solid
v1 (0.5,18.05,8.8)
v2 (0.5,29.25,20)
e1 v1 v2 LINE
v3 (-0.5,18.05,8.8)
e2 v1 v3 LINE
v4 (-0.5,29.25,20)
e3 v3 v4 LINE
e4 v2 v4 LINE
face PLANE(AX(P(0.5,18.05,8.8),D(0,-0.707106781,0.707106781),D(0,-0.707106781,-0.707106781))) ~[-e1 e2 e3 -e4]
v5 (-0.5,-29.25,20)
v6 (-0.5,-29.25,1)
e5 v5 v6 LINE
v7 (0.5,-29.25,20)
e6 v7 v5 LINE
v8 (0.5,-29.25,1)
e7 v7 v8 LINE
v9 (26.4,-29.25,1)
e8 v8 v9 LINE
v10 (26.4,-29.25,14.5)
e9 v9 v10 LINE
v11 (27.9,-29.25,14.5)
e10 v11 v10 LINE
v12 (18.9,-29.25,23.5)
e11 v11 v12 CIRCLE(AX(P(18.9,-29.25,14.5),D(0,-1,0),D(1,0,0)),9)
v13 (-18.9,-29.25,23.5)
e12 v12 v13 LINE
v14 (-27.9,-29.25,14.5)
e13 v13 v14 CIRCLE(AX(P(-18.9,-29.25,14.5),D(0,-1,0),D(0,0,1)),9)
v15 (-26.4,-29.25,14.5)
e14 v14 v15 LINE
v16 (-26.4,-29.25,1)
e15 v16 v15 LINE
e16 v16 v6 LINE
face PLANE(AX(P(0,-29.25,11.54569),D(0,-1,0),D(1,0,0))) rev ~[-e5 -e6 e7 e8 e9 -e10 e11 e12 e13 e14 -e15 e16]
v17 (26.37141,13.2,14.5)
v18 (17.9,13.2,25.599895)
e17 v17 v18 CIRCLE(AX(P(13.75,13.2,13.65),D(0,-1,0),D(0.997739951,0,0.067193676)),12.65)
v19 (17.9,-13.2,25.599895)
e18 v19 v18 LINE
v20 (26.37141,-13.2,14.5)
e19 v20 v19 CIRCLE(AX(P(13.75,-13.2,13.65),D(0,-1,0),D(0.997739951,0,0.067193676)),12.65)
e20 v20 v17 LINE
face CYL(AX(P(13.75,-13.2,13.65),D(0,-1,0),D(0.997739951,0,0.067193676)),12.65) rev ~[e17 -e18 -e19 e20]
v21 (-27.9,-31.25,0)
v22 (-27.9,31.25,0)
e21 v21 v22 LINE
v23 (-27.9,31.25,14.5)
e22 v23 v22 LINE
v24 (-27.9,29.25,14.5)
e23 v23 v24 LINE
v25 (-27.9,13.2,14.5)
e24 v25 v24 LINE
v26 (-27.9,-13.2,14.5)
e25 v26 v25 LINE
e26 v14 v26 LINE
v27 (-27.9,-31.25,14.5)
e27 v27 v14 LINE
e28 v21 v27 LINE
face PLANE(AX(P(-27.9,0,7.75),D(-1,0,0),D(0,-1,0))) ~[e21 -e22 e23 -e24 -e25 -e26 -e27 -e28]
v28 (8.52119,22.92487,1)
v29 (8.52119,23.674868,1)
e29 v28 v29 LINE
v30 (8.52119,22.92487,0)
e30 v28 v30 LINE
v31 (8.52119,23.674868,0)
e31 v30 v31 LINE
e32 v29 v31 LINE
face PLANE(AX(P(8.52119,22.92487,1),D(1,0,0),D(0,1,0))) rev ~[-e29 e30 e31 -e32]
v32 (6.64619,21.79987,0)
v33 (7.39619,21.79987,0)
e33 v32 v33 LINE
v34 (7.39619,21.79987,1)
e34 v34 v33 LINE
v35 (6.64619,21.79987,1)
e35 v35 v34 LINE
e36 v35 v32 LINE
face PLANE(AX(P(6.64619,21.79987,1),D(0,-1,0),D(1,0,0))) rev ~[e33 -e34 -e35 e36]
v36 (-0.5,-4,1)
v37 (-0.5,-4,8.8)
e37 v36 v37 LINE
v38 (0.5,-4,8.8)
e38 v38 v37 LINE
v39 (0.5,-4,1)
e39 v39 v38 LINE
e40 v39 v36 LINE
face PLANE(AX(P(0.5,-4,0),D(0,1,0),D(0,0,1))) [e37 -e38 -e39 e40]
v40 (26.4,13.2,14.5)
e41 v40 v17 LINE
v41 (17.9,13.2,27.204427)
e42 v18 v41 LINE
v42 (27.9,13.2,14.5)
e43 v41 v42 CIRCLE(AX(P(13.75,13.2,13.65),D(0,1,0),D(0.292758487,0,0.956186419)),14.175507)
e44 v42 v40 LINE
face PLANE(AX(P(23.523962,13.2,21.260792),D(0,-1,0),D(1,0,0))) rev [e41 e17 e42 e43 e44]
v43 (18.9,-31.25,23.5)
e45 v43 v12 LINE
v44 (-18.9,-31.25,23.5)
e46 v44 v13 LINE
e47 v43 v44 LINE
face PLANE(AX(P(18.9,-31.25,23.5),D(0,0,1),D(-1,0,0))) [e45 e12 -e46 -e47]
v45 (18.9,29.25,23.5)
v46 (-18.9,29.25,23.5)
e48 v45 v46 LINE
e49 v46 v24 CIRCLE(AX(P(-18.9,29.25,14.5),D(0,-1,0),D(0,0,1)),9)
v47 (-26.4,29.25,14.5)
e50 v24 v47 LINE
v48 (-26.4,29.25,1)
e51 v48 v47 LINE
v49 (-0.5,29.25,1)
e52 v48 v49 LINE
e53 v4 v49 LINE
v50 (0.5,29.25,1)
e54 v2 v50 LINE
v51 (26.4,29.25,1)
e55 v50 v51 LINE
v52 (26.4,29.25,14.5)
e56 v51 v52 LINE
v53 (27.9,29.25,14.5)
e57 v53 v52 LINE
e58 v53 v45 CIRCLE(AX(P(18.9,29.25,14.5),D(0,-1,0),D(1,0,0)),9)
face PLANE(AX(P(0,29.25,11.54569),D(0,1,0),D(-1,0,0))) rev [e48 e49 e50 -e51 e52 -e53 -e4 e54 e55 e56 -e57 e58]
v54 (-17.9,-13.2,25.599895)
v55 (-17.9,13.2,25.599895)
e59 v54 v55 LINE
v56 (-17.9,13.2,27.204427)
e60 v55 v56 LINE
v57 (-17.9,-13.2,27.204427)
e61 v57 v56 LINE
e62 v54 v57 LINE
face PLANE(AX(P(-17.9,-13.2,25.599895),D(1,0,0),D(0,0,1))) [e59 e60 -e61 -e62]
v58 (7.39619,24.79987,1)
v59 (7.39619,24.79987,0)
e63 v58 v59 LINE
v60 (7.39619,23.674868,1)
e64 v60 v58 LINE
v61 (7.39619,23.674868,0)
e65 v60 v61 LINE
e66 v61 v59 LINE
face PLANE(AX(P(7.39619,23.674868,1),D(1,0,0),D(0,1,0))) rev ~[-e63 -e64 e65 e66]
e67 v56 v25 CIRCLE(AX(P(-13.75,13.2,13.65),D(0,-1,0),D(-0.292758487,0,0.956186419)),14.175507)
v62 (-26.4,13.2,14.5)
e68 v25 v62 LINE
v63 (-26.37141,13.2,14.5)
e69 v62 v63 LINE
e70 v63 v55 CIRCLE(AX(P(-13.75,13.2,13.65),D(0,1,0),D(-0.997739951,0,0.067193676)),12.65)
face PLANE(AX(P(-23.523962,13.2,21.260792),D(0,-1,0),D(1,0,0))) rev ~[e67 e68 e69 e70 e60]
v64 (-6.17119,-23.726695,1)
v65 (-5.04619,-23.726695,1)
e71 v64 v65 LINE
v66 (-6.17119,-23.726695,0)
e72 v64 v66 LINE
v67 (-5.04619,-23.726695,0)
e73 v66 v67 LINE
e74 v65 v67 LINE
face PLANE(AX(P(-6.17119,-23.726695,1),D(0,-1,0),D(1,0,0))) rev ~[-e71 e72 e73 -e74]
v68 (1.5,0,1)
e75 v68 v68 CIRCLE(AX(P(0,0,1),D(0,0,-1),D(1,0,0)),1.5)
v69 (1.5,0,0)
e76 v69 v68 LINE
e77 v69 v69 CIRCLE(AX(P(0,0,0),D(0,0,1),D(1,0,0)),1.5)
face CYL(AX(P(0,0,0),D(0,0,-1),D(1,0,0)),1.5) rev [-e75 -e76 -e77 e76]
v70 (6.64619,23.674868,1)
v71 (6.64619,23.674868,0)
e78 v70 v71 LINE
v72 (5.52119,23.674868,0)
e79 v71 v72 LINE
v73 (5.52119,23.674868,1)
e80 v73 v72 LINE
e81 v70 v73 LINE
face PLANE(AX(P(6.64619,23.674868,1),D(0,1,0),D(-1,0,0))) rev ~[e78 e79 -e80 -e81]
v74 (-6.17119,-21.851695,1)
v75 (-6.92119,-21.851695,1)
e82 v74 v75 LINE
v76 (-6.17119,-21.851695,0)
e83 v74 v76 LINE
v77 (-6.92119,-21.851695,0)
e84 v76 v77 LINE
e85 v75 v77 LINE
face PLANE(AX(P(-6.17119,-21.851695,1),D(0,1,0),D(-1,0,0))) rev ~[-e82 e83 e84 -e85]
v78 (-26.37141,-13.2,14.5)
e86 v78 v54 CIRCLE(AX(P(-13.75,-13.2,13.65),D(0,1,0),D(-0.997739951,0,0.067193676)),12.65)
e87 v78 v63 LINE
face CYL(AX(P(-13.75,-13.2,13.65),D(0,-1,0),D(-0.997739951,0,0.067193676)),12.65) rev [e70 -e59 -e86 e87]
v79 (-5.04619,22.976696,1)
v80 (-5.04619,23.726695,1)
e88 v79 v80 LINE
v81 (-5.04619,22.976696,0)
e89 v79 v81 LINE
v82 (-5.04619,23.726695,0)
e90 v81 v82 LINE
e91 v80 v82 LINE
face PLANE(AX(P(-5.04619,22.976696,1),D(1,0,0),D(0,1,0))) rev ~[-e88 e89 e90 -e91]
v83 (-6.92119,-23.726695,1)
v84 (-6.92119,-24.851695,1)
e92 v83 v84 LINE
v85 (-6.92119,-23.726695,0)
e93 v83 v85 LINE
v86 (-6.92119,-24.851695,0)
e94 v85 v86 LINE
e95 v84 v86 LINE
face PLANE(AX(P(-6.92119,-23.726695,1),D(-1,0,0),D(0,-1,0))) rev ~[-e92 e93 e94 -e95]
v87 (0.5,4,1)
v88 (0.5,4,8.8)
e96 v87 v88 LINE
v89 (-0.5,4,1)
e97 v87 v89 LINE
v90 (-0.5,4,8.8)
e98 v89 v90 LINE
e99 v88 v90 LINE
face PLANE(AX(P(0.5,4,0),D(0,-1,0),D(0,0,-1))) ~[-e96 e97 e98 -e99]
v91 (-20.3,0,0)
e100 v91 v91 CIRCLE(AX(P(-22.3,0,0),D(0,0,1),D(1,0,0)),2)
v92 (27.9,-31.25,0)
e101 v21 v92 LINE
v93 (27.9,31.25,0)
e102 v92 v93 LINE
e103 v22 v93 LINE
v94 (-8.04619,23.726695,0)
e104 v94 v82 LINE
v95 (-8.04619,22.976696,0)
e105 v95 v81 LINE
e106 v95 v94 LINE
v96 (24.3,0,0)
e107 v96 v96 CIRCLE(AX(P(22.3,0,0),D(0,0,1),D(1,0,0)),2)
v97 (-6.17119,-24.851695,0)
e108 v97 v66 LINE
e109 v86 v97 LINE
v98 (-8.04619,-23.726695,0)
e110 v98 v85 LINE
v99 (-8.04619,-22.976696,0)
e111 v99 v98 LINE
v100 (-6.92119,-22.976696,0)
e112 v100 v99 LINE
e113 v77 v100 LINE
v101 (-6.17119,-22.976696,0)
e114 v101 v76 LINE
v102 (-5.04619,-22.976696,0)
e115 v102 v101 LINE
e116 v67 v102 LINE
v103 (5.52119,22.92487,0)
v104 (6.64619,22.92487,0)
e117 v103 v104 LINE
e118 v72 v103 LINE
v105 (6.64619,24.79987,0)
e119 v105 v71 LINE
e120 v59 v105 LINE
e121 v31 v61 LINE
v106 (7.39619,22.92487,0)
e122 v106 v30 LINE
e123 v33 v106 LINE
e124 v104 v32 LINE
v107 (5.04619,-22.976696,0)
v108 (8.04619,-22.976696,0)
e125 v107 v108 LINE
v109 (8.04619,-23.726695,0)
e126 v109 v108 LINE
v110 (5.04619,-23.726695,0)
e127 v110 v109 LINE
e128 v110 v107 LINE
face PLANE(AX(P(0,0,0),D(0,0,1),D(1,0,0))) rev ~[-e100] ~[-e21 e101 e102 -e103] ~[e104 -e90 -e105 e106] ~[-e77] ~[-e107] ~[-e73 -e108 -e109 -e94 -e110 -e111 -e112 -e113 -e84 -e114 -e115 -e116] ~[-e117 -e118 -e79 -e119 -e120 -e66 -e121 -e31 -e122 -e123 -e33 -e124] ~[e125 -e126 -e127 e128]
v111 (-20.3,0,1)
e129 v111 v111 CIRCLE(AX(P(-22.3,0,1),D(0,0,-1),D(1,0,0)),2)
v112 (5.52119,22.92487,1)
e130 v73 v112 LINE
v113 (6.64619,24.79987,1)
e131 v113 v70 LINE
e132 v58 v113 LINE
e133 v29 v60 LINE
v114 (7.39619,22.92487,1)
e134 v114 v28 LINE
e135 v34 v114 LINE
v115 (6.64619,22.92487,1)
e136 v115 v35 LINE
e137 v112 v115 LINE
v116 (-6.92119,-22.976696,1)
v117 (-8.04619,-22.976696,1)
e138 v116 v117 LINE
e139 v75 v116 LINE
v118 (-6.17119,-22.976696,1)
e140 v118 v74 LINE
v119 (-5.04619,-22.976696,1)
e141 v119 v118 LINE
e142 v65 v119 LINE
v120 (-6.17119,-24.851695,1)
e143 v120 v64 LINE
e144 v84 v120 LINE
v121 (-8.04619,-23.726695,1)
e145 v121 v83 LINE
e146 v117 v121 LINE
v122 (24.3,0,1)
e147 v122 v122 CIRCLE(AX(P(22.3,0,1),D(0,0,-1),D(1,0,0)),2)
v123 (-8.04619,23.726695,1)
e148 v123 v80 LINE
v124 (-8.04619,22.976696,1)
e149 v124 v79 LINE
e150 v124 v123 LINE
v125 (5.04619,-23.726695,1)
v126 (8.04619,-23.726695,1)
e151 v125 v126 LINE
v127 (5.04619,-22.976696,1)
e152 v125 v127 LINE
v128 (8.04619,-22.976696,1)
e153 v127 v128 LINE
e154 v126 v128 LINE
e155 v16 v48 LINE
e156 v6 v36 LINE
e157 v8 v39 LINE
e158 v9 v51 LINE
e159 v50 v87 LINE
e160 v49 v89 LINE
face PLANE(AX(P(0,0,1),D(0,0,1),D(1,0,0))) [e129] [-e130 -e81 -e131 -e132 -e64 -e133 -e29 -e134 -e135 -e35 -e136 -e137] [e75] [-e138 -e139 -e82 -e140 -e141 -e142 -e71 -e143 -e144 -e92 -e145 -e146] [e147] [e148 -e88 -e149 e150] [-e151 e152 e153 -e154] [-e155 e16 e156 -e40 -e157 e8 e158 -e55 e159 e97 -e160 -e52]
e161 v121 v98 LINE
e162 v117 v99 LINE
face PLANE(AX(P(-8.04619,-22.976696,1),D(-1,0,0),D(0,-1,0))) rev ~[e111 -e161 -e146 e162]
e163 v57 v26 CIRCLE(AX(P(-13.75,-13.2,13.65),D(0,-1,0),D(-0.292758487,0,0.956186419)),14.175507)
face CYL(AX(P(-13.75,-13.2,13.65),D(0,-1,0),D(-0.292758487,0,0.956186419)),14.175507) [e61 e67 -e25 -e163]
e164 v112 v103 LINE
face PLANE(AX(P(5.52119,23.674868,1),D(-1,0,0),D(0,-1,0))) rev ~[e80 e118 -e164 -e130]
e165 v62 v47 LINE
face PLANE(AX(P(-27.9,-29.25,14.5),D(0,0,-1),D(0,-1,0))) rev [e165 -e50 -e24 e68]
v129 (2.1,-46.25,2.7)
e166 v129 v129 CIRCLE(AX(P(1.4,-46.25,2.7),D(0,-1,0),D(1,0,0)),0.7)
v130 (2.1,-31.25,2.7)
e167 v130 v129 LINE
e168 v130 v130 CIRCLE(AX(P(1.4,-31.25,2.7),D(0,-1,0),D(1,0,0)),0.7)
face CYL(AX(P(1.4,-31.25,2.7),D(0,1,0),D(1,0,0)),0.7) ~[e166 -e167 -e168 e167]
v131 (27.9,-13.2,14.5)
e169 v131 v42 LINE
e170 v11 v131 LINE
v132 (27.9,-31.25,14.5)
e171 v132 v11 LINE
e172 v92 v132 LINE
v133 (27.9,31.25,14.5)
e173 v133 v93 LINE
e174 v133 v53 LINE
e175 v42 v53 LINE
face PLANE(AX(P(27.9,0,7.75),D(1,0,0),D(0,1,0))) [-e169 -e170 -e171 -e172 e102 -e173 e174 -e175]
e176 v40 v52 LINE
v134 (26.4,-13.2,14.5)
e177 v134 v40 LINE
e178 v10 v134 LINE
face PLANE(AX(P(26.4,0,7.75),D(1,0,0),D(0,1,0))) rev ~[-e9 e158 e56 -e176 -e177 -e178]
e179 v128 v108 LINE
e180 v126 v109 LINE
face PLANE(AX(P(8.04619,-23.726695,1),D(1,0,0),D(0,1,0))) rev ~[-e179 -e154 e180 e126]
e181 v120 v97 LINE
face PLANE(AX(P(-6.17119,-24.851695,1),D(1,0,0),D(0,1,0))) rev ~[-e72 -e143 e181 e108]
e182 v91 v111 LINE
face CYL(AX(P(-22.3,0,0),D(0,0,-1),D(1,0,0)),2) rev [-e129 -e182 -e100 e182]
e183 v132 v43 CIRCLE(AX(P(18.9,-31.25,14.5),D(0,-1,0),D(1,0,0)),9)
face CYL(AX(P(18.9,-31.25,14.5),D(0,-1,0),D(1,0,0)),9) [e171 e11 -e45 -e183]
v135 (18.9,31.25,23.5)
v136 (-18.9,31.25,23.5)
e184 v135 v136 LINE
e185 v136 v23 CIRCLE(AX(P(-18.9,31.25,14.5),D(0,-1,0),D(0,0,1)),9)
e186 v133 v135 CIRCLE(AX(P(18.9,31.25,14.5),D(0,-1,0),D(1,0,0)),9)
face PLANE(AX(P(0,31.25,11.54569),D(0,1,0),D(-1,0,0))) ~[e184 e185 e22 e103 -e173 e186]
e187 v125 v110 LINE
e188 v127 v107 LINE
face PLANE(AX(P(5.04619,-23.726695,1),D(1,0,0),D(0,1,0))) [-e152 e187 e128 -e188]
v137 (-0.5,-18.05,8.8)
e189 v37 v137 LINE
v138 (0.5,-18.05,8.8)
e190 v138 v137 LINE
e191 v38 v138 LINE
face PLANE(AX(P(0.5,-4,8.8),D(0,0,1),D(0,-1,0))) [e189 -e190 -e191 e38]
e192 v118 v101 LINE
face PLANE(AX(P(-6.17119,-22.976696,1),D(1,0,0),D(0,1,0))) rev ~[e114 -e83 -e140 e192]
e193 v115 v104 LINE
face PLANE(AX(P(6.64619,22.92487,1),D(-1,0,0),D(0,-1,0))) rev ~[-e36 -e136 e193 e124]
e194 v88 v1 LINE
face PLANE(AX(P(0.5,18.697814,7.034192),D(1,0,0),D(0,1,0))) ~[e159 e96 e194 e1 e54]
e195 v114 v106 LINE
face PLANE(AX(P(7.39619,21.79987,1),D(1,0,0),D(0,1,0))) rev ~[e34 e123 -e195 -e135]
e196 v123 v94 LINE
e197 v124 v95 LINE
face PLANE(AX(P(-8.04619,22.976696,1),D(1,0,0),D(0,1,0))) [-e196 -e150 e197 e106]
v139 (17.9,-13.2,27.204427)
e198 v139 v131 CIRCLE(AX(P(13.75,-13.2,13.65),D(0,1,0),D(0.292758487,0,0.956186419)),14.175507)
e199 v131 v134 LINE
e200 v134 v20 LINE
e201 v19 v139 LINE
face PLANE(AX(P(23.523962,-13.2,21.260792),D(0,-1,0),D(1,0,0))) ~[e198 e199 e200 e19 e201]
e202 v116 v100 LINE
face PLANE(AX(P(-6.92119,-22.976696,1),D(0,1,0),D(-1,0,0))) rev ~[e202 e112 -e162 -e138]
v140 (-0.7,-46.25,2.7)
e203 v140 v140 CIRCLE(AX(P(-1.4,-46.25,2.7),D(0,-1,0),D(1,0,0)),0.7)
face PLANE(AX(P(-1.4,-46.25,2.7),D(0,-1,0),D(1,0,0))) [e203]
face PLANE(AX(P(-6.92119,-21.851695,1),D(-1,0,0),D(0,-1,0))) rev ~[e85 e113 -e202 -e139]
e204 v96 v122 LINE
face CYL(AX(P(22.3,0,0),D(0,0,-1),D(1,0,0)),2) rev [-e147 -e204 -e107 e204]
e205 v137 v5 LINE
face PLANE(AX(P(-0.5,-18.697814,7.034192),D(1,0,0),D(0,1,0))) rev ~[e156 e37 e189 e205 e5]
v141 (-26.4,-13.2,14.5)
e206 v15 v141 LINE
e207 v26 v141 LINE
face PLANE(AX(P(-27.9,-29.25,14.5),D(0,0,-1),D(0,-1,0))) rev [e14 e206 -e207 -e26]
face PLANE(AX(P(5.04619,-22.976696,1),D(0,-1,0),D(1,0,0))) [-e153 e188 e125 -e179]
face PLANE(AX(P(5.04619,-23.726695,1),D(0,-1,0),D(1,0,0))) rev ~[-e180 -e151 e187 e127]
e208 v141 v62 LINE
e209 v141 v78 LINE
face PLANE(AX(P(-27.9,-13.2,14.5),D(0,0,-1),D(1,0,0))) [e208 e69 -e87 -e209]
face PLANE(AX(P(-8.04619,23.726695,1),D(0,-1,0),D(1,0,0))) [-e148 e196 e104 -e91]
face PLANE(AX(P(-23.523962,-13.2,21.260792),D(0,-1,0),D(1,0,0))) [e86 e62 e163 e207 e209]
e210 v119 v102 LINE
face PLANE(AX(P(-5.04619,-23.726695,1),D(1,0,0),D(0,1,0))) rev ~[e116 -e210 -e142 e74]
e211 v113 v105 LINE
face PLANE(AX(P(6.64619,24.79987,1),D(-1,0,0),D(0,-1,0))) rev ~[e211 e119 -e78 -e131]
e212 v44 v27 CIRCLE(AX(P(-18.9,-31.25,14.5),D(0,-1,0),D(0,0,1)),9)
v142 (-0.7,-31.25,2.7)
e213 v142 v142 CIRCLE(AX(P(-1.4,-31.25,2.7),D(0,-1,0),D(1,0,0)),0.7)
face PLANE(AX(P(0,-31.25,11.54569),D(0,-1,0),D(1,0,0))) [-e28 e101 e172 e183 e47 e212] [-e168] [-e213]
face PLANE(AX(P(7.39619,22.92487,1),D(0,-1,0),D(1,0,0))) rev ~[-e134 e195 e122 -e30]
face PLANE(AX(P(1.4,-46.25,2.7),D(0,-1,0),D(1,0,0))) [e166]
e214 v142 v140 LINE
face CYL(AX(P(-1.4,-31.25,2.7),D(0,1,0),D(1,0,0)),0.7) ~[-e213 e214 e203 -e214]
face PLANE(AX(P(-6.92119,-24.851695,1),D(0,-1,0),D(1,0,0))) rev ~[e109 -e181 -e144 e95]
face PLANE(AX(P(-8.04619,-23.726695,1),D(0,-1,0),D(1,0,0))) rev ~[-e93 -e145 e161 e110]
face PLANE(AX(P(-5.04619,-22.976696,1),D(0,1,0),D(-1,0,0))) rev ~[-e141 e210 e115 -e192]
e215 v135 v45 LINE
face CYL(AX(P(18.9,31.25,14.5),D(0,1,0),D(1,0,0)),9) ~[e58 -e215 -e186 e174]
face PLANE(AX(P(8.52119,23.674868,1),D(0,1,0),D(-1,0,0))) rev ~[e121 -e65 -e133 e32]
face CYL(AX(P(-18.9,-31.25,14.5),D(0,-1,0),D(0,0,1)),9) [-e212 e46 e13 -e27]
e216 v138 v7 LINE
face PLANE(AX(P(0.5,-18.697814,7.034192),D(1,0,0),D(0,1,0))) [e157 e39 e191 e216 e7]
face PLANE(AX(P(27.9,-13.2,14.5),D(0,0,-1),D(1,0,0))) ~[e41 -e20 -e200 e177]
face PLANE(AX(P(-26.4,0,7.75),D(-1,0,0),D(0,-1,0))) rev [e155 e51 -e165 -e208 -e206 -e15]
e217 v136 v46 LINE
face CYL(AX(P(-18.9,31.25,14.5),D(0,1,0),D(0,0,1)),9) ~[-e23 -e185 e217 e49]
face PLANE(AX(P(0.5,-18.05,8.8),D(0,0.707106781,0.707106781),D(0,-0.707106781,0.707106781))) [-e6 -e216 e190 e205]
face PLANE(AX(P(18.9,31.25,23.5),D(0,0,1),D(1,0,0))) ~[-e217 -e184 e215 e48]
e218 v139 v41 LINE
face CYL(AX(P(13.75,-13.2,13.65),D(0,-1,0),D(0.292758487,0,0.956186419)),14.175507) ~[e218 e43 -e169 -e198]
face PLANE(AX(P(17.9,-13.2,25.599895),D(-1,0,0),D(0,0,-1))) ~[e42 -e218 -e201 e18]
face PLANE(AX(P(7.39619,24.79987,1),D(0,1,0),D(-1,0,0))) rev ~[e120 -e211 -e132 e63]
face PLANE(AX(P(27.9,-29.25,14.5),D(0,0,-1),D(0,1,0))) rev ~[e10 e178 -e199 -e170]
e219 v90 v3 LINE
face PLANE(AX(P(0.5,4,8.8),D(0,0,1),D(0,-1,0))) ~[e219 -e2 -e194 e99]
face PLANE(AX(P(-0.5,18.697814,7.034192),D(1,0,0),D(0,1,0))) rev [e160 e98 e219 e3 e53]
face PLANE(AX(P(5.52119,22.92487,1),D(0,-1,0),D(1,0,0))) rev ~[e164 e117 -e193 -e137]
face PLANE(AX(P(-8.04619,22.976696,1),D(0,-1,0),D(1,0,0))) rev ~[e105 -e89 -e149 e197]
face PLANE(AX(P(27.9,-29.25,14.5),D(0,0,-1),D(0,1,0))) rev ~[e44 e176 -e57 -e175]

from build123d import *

# Parameters (mm, degrees)
F0_W      = 55.8
F0_H      = 62.5
F0_R      = 2
F0_R_2    = 1.5
F1_DEPTH  = 1
F3_DEPTH  = 2
F5_W      = 58.5
F5_H      = 13.5
F6_DEPTH  = 1.5
F10_DEPTH = 1
F14_DEPTH = 26.4
F16_W     = 3
F16_H     = 0.7499982331
F17_DEPTH = 1
F18_R     = 0.7
F19_DEPTH = 15


with BuildPart() as f1:
    # F0 (on Top) → F1 (new body)
    with BuildSketch(Plane.XY):
        Rectangle(F0_W, F0_H)
        with Locations((-22.3, 0)):
            Circle(F0_R, mode=Mode.SUBTRACT)
        Circle(F0_R_2, mode=Mode.SUBTRACT)
        with Locations((22.3, 0)):
            Circle(F0_R, mode=Mode.SUBTRACT)
    extrude(amount=F1_DEPTH)

    # F4: F3 across plane


with BuildPart() as f3:
    # F2 (on face) → F3 (new body)
    with BuildSketch(Plane.XZ.offset(31.25)):
        with BuildLine():
            Line((-27.9, 14.5), (-27.9, 1))
            Line((-27.9, 1), (27.9, 1))
            Line((27.9, 1), (27.9, 14.5))
            ThreePointArc((27.9, 14.5), (25.2639610307, 20.8639610307), (18.9, 23.5))
            Line((18.9, 23.5), (-18.9, 23.5))
            ThreePointArc((-18.9, 23.5), (-25.2639610307, 20.8639610307), (-27.9, 14.5))
        make_face()
    extrude(amount=-F3_DEPTH)


with BuildPart() as f1_1:
    add(f1.part)
    add(f3.part.mirror(Plane.XZ))


    add(f3.part)  # F6 merges F3
    # F5 (on face) → F6 (join)
    with BuildSketch(Plane.YZ.offset(27.9)):
        with Locations((0, 7.75)):
            Rectangle(F5_W, F5_H)
    extrude(amount=-F6_DEPTH)

    # F7: F1 across plane


with BuildPart() as f1_2:
    add(f1_1.part)
    add(f1_1.part.mirror(Plane.YZ))

    # F9 (on offset) → F10 (join)
    with BuildSketch(Plane.YZ.offset(0.5)):
        Polygon((-18.05, 8.8), (-29.25, 20), (-29.25, 0), (-4, 0), (-4, 8.8), align=None)
    extrude(amount=-F10_DEPTH)

    # F11: F1 across plane


with BuildPart() as f1_3:
    add(f1_2.part)
    add(f1_2.part.mirror(Plane.XZ))

    # F13 (on offset) → F14 (join)
    with BuildSketch(Plane.XZ.offset(13.2)):
        with BuildLine():
            Line((-17.9, 25.599895397), (-17.9, 27.204427321))
            ThreePointArc((-17.9, 27.204427321), (-24.8888113544, 22.4176611255), (-27.9, 14.5))
            Line((-27.9, 14.5), (-26.3714103808, 14.5))
            ThreePointArc((-26.3714103808, 14.5), (-23.805942074, 21.3246680061), (-17.9, 25.599895397))
        make_face()
    extrude(amount=-F14_DEPTH)

    # F15: F1 across plane


with BuildPart() as f1_4:
    add(f1_3.part)
    add(f1_3.part.mirror(Plane.YZ))

    # F16 (on face) → F17 (cut)
    with BuildSketch(Plane.XY.offset(1)):
        with Locations((-6.5461898372, 23.3516955865)):
            Rectangle(F16_W, F16_H)
        Polygon((7.3961903043, 22.9248698354), (8.5211903043, 22.9248698354), (8.5211903043, 23.6748680685), (7.3961903043, 23.6748680685), (7.3961903043, 24.7998698354), (6.6461903043, 24.7998698354), (6.6461903043, 23.6748680685), (5.5211903043, 23.6748680685), (5.5211903043, 22.9248698354), (6.6461903043, 22.9248698354), (6.6461903043, 21.7998698354), (7.3961903043, 21.7998698354), align=None)
        with Locations((6.5461898372, -23.3516955865)):
            Rectangle(F16_W, F16_H)
        Polygon((-6.1711898372, -23.7266947031), (-5.0461898372, -23.7266947031), (-5.0461898372, -22.97669647), (-6.1711898372, -22.97669647), (-6.1711898372, -21.8516947031), (-6.9211898372, -21.8516947031), (-6.9211898372, -22.97669647), (-8.0461898372, -22.97669647), (-8.0461898372, -23.7266947031), (-6.9211898372, -23.7266947031), (-6.9211898372, -24.8516947031), (-6.1711898372, -24.8516947031), align=None)
    extrude(amount=-F17_DEPTH, mode=Mode.SUBTRACT)

    # F18 (on face) → F19 (join)
    with BuildSketch(Plane.XZ.offset(31.25)):
        with Locations((-1.4, 2.7)):
            Circle(F18_R)
        with Locations((1.4, 2.7)):
            Circle(F18_R)
    extrude(amount=F19_DEPTH)


solid = f1_4.part
